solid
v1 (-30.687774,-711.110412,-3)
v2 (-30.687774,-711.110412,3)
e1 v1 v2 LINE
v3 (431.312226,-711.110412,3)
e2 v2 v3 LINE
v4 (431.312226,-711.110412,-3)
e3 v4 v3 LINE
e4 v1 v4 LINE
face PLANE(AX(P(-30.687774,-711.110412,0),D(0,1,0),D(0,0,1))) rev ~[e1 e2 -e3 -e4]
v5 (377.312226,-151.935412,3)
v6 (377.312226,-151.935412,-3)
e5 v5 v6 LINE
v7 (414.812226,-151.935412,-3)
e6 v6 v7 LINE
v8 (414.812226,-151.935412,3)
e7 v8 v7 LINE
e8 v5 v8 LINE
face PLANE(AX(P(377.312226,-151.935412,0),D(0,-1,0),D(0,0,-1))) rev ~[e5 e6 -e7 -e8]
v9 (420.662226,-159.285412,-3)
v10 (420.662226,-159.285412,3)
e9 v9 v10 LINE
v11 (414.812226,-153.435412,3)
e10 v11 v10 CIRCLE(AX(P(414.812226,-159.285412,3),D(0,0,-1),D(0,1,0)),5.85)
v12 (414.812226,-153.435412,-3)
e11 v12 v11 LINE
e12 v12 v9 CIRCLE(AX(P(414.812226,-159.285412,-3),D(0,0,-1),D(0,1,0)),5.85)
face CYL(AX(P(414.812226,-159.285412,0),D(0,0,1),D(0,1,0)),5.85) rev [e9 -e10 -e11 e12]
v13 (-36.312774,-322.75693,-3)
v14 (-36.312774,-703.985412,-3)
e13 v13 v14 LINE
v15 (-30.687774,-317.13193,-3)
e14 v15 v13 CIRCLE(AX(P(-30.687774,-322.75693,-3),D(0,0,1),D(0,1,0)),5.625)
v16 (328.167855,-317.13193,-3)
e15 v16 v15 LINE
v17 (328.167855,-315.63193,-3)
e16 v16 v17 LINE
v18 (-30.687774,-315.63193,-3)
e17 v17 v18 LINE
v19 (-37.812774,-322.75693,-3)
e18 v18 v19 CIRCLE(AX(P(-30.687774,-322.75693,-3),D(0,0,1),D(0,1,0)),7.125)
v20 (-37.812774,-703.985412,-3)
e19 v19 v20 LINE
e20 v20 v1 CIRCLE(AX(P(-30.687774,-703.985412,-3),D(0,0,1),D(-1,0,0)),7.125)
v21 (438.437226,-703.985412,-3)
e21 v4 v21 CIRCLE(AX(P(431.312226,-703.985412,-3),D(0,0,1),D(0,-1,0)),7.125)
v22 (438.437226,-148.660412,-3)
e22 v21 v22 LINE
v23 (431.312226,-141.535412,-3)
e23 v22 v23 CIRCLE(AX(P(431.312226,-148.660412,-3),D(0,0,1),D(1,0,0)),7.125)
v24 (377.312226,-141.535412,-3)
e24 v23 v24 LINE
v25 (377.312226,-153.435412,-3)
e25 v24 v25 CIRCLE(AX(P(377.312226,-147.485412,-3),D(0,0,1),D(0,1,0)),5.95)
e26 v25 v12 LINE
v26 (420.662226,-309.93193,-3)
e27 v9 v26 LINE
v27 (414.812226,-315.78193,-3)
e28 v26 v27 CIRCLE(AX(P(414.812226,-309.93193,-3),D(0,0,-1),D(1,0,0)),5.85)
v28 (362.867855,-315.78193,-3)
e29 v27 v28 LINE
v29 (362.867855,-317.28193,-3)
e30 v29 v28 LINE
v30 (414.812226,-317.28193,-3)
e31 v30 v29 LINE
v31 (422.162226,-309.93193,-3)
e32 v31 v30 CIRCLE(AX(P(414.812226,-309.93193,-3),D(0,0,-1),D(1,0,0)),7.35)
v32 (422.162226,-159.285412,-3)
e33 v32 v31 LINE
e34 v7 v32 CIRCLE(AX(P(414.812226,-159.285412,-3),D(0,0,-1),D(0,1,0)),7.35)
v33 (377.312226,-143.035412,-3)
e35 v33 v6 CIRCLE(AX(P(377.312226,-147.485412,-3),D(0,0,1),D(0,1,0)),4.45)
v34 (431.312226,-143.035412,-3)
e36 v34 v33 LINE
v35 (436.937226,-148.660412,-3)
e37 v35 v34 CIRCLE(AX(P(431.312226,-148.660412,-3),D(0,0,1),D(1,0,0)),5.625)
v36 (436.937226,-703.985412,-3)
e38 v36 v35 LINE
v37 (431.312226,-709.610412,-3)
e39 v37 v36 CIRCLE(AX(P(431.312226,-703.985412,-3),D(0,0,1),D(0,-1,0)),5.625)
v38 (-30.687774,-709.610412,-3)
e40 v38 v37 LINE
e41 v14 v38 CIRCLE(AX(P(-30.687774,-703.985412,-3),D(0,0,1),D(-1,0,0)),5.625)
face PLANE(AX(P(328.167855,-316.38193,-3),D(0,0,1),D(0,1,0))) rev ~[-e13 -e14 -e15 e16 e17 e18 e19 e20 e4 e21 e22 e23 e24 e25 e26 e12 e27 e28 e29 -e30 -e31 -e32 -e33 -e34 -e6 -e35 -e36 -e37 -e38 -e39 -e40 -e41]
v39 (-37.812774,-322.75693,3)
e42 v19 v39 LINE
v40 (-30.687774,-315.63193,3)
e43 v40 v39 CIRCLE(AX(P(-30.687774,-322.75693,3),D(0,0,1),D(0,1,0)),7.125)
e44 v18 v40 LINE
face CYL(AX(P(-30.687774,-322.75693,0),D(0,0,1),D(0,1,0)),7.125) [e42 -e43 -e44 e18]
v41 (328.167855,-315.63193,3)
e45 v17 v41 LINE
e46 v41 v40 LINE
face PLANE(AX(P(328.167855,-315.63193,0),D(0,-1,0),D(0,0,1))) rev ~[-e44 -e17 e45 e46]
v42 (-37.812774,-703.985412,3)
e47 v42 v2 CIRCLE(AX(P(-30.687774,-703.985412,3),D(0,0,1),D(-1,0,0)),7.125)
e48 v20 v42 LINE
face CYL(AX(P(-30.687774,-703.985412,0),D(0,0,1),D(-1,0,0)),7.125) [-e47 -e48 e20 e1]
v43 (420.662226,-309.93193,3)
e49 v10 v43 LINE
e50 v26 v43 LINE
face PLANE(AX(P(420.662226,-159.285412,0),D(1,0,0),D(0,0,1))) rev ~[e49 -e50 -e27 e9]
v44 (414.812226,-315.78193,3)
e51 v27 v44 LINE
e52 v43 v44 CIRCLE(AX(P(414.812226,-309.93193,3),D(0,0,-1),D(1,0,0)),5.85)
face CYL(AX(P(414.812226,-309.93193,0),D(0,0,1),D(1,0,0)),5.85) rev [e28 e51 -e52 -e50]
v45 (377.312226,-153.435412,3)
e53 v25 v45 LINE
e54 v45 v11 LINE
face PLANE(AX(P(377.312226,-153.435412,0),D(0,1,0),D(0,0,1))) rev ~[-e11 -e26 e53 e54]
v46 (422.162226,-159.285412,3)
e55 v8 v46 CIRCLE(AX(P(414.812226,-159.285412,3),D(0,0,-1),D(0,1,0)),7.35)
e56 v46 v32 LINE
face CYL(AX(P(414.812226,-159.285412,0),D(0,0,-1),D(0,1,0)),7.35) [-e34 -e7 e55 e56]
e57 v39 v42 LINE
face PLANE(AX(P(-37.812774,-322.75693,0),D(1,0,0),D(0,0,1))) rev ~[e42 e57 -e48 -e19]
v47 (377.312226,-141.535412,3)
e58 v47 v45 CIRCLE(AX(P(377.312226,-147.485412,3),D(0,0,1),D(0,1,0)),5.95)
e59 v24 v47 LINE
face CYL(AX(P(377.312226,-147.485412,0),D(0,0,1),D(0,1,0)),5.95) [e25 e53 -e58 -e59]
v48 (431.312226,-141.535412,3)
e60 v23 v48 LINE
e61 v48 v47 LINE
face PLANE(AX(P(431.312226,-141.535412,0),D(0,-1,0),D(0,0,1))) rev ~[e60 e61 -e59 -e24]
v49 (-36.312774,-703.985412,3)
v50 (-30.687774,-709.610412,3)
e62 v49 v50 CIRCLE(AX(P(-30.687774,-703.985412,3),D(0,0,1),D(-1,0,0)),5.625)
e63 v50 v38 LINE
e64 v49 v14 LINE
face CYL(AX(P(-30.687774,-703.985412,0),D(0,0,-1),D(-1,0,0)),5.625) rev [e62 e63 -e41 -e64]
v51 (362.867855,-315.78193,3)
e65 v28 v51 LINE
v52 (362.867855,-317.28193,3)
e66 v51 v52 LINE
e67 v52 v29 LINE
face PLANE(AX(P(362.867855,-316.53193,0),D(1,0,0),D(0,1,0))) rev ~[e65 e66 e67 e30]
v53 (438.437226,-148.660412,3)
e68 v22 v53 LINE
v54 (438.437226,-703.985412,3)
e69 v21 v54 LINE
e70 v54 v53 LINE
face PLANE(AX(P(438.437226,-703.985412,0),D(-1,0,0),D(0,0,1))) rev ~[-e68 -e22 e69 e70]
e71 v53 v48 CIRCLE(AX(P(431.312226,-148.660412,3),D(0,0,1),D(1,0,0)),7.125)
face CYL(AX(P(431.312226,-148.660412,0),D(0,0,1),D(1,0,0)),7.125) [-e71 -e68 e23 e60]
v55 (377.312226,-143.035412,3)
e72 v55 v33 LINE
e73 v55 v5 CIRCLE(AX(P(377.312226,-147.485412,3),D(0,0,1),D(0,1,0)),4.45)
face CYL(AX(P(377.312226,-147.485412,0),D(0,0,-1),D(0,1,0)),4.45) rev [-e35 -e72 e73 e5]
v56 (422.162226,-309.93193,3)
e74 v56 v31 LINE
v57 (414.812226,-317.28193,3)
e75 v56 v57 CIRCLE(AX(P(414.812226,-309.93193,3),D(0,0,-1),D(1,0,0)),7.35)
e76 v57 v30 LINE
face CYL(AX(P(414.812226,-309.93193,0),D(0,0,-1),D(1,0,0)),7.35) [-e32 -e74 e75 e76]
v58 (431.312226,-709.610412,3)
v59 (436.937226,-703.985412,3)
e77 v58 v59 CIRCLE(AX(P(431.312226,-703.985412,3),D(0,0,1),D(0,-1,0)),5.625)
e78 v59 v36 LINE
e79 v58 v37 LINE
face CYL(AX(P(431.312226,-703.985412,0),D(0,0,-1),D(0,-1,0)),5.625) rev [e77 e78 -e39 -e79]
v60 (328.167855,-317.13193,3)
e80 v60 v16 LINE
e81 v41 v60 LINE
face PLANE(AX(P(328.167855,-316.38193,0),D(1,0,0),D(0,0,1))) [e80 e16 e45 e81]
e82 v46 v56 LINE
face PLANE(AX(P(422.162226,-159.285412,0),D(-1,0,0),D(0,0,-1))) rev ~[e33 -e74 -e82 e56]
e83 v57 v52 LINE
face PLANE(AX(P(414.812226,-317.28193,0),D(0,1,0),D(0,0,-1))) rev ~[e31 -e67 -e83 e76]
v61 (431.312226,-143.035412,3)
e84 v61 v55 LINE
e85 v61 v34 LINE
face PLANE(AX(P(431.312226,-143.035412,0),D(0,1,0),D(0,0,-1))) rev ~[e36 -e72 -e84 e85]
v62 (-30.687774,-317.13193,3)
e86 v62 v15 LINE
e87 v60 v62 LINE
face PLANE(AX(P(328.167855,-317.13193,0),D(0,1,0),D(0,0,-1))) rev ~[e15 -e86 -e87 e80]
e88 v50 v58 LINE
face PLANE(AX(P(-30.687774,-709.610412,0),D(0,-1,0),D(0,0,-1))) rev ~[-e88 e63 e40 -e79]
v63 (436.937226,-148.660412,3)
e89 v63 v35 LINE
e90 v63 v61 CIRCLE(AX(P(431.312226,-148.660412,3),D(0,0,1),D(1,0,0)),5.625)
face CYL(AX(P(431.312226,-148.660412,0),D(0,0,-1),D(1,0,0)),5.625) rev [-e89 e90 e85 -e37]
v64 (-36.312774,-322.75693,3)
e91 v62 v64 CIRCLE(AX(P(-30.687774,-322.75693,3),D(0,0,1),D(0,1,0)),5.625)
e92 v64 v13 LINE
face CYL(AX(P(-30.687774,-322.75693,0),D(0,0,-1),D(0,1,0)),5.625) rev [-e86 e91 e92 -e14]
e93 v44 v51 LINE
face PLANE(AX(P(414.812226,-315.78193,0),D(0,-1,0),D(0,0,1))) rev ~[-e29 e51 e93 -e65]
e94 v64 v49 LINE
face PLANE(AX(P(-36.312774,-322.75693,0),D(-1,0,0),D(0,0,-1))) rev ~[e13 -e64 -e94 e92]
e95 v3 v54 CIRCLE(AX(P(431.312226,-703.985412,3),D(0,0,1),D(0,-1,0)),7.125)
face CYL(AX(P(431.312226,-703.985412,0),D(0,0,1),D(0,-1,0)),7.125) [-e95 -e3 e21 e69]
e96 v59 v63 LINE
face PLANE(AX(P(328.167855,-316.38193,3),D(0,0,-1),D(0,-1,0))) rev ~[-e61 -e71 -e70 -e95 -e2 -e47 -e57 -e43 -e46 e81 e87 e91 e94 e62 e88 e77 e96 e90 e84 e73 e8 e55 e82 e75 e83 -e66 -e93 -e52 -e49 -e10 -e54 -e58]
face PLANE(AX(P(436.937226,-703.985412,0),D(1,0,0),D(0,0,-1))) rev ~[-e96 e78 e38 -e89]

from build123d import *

# Parameters (mm, degrees)
SKETCH4_W = 6
SKETCH4_H = 1.5


with BuildPart() as part:
    # Sweep1: sweep along a path in Sketch1
    with BuildLine(Plane.XY) as sweep1_path:
        Line((328.167855181, -316.381930234), (-30.687774041, -316.381930234))
        ThreePointArc((-30.687774041, -316.381930234), (-35.195579771, -318.249124504), (-37.062774041, -322.756930234))
        Line((-37.062774041, -322.756930234), (-37.062774041, -703.985411885))
        ThreePointArc((-37.062774041, -703.985411885), (-35.195579771, -708.493217615), (-30.687774041, -710.360411885))
        Line((-30.687774041, -710.360411885), (431.312225959, -710.360411885))
        ThreePointArc((431.312225959, -710.360411885), (435.820031689, -708.493217615), (437.687225959, -703.985411885))
        Line((437.687225959, -703.985411885), (437.687225959, -148.660411885))
        ThreePointArc((437.687225959, -148.660411885), (435.820031689, -144.152606155), (431.312225959, -142.285411885))
        Line((431.312225959, -142.285411885), (377.312225959, -142.285411885))
        ThreePointArc((377.312225959, -142.285411885), (372.112225959, -147.485411885), (377.312225959, -152.685411885))
        Line((377.312225959, -152.685411885), (414.812225959, -152.685411885))
        ThreePointArc((414.812225959, -152.685411885), (419.479130714, -154.618507129), (421.412225959, -159.285411885))
        Line((421.412225959, -159.285411885), (421.412225959, -309.931930234))
        ThreePointArc((421.412225959, -309.931930234), (419.479130714, -314.59883499), (414.812225959, -316.531930234))
        Line((414.812225959, -316.531930234), (362.867855181, -316.531930234))
    # Sketch4 → Sweep1 (sweep)
    with BuildSketch(Plane(origin=(328.167855181, -316.381930234, 0), x_dir=(0, 0, -1), z_dir=(1, 0, 0))):
        Rectangle(SKETCH4_W, SKETCH4_H)
    sweep(path=sweep1_path.line)


solid = part.part
